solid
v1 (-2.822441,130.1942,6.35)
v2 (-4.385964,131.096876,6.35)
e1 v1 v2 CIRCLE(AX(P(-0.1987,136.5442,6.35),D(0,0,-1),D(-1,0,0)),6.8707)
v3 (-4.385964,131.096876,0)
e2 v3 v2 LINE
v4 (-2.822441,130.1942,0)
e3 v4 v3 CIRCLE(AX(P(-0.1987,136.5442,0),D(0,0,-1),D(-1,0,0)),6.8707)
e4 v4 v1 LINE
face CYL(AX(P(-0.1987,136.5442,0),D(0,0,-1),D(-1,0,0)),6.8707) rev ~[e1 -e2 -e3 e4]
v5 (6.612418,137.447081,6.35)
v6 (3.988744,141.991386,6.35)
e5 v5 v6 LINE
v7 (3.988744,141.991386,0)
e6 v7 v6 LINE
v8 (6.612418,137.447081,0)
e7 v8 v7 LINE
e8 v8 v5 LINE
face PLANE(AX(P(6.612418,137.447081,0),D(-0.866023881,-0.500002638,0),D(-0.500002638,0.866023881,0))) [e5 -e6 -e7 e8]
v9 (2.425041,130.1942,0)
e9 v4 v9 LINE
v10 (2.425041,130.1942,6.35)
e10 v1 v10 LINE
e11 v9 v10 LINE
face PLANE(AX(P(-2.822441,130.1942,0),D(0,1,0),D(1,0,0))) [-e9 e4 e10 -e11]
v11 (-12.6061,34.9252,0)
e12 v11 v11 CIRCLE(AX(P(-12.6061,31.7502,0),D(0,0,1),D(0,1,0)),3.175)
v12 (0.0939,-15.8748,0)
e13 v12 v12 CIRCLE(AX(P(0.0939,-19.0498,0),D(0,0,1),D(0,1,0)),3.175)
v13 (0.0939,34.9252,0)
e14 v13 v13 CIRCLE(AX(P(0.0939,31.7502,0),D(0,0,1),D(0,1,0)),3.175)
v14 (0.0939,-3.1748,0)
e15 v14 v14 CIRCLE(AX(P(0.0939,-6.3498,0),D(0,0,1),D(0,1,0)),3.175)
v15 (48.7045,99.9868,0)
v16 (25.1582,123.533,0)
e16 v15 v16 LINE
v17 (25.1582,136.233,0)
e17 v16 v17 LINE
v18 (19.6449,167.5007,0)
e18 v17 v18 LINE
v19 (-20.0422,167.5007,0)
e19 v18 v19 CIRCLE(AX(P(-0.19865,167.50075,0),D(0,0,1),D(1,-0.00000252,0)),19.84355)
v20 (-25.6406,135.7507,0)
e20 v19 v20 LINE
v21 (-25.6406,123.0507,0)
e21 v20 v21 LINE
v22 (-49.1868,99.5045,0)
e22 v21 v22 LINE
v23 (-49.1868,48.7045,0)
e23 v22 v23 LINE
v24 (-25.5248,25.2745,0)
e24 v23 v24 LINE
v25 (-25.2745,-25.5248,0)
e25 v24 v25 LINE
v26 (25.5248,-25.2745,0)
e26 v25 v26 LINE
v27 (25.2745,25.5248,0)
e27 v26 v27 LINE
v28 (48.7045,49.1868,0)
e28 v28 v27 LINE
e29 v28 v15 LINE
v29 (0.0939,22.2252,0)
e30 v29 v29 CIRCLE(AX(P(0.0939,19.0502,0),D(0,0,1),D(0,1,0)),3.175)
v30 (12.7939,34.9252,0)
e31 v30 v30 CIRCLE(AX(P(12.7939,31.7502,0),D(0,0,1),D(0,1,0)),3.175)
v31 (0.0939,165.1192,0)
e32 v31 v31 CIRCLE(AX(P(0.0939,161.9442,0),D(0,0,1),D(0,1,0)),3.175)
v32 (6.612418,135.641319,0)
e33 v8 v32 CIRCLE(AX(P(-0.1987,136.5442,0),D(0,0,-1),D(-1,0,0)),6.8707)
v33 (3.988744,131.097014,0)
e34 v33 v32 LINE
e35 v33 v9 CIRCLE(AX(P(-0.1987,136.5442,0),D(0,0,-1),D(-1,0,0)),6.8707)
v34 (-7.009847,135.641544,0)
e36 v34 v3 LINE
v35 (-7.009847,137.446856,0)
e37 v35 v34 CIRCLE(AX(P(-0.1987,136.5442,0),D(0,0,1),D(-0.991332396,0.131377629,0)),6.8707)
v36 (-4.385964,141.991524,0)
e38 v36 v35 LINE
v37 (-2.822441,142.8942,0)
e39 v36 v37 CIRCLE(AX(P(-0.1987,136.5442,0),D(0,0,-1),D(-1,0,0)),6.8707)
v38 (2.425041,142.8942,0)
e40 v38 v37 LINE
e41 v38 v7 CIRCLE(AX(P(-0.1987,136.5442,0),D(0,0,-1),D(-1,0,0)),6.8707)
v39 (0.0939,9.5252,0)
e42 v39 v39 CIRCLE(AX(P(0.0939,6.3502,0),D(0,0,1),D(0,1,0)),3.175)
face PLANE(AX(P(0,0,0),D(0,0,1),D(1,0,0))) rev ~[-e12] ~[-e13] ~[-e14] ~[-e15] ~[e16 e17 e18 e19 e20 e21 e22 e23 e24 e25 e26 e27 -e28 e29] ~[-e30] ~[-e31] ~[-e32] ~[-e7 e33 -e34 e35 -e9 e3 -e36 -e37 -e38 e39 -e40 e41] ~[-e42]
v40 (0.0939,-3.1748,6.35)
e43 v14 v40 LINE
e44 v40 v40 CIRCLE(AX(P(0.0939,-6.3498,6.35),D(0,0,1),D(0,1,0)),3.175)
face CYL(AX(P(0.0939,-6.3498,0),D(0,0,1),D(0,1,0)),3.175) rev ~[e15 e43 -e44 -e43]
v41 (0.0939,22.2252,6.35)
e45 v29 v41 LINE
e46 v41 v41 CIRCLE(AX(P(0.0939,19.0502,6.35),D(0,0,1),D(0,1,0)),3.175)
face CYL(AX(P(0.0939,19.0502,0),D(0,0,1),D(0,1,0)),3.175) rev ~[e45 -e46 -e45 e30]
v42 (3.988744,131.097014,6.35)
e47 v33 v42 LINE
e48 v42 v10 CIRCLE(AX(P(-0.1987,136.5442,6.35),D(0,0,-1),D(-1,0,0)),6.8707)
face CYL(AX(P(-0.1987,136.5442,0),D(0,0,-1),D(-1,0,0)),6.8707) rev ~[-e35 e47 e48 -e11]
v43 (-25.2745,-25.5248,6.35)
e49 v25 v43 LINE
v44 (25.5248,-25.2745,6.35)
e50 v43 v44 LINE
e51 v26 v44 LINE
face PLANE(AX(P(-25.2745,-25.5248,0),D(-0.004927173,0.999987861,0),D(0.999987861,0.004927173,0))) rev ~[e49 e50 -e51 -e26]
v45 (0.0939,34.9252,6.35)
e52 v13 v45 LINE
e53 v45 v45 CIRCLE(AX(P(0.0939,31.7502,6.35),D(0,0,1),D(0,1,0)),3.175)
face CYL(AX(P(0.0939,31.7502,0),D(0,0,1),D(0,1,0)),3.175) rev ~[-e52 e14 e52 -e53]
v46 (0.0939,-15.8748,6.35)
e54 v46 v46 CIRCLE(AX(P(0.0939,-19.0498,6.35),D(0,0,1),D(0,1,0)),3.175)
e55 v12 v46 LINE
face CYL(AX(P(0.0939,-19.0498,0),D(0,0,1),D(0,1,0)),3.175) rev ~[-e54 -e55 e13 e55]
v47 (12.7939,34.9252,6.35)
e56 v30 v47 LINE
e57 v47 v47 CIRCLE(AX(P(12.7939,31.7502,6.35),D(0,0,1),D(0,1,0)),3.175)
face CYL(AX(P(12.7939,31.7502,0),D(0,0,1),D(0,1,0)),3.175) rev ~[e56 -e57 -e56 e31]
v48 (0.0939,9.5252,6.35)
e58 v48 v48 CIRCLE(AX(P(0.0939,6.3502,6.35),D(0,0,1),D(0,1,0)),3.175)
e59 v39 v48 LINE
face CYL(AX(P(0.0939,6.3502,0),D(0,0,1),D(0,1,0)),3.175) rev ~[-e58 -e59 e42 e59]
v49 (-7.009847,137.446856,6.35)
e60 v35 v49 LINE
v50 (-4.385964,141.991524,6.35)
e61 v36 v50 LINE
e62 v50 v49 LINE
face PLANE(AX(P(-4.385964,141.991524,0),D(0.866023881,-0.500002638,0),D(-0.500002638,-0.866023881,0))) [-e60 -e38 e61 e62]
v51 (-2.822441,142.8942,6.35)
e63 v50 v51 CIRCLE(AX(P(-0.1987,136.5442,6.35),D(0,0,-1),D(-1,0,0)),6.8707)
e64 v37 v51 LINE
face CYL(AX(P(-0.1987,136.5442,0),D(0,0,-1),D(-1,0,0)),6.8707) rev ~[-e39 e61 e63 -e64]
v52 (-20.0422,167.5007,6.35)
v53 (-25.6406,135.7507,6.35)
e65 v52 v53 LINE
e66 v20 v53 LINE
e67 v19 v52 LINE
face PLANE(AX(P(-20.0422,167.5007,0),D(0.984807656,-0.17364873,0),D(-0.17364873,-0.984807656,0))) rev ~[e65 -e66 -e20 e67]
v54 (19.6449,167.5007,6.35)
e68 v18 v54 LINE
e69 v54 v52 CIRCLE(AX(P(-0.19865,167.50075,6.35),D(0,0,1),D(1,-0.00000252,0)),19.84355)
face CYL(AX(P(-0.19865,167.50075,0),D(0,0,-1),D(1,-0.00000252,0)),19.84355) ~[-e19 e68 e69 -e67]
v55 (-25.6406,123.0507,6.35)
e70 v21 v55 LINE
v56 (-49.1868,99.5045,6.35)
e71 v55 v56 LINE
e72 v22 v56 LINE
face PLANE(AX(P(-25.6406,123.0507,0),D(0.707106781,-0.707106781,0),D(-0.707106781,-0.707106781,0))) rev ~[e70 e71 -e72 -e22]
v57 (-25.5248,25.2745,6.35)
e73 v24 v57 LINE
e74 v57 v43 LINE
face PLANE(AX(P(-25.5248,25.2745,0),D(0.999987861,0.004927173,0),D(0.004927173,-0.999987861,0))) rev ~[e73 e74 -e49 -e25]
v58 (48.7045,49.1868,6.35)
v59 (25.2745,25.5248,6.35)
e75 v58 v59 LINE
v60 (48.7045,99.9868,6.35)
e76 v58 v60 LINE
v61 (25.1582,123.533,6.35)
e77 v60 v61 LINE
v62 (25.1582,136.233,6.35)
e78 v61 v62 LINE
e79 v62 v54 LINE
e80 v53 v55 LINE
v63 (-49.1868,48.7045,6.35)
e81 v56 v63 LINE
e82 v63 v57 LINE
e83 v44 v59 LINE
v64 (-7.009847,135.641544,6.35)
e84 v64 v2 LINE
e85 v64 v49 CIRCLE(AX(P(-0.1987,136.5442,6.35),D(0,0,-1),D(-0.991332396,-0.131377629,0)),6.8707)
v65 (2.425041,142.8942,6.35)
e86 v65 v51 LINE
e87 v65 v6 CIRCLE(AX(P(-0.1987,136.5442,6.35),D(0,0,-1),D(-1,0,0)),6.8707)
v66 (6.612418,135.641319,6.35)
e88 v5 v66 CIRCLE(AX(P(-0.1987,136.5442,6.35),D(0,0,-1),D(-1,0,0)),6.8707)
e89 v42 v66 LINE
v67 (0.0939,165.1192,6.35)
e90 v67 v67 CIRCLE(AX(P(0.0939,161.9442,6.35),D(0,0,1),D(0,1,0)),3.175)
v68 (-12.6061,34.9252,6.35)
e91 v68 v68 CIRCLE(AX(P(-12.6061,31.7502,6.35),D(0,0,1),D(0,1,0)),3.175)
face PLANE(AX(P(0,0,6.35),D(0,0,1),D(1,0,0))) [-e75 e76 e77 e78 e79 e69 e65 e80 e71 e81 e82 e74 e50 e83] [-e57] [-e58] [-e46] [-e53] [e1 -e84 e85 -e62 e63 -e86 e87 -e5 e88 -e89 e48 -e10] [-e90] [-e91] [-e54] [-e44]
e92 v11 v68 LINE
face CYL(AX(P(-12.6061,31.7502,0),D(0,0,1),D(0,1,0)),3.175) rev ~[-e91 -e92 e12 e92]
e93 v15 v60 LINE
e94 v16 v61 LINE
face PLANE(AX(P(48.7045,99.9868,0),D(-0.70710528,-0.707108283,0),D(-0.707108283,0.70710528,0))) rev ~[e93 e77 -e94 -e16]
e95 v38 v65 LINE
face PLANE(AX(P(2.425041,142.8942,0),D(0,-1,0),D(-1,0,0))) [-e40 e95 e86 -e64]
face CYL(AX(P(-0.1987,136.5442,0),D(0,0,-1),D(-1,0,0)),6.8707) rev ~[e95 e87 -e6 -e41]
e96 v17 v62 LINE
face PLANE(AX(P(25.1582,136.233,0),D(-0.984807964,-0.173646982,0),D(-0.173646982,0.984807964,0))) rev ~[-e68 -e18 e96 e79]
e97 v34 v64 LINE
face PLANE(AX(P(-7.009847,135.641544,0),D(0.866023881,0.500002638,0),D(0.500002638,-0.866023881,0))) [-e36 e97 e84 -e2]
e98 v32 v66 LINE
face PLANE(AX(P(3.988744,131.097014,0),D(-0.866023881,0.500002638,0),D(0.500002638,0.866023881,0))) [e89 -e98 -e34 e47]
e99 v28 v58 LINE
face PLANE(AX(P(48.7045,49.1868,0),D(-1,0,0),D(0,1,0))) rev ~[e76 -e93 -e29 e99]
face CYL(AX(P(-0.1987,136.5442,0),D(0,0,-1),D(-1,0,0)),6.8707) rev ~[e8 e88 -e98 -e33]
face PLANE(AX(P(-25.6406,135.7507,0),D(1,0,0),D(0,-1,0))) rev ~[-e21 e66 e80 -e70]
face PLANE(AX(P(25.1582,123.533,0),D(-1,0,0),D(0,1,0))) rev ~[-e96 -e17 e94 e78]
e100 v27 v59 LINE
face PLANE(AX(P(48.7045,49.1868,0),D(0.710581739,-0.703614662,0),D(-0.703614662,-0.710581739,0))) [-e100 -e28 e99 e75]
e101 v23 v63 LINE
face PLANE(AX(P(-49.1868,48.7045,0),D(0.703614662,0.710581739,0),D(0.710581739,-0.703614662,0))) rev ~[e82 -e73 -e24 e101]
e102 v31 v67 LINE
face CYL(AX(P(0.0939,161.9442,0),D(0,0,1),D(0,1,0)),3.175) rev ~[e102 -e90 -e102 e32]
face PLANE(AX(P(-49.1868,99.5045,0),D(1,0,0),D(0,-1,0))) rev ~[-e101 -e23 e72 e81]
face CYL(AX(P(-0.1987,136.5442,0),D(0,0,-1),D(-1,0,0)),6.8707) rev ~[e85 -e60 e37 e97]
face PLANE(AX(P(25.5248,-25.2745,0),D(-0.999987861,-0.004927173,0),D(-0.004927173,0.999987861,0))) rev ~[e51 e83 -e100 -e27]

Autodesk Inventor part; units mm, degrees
ref_plane "YZ Plane" through (0, 0, 0) normal (1, 0, 0) x (0, 1, 0)
ref_plane "XZ Plane" through (0, 0, 0) normal (0, 1, 0) x (-1, 0, 0)
ref_plane "XY Plane" through (0, 0, 0) normal (0, 0, 1) x (1, 0, 0)
sketch "Sketch1" plane through (0, 0, 0) normal (0, 0, 1) x (1, 0, 0)
  line L0 (-25.5248, 25.2745) -> (-25.2745, -25.5248) construction
  line L1 (-25.2745, -25.5248) -> (25.5248, -25.2745) construction
  line L2 (25.5248, -25.2745) -> (25.2745, 25.5248) construction
  line L3 (25.2745, 25.5248) -> (-25.2745, -25.5248) construction
  line L4 (-25.5248, 25.2745) -> (25.5248, -25.2745) construction
  line L5 (25.2745, 25.5248) -> (48.7045, 49.1868) construction
  line L6 (-25.5248, 25.2745) -> (-49.1868, 48.7045) construction
  line L7 (48.7045, 49.1868) -> (48.7045, 99.9868) construction
  line L8 (-49.1868, 48.7045) -> (-49.1868, 99.5045) construction
  line L9 (-49.1868, 99.5045) -> (-25.6406, 123.0507) construction
  line L10 (48.7045, 99.9868) -> (25.1582, 123.533) construction
  line L11 (-25.6406, 123.0507) -> (-25.6406, 135.7507) construction
  line L12 (25.1582, 123.533) -> (25.1582, 136.233) construction
  line L13 (25.1582, 136.233) -> (19.6449, 167.5007) construction
  line L14 (-25.6406, 135.7507) -> (-20.0422, 167.5007) construction
  line L15 (-20.0422, 167.5007) -> (19.6449, 167.5007) construction
  arc A0 (19.6449, 167.5007) -> (-20.0422, 167.5007) centre (-0.1987, 167.5007) ccw construction
  line L16 (-25.2745, -25.5248) -> (25.5248, -25.2745)
  line L17 (25.5248, -25.2745) -> (25.2745, 25.5248)
  line L18 (48.7045, 49.1868) -> (25.2745, 25.5248)
  line L19 (48.7045, 49.1868) -> (48.7045, 99.9868)
  line L20 (48.7045, 99.9868) -> (25.1582, 123.533)
  line L21 (25.1582, 123.533) -> (25.1582, 136.233)
  line L22 (25.1582, 136.233) -> (19.6449, 167.5007)
  line L23 (-20.0422, 167.5007) -> (-25.6406, 135.7507)
  line L24 (-25.6406, 135.7507) -> (-25.6406, 123.0507)
  line L25 (-25.6406, 123.0507) -> (-49.1868, 99.5045)
  line L26 (-49.1868, 99.5045) -> (-49.1868, 48.7045)
  line L27 (-49.1868, 48.7045) -> (-25.5248, 25.2745)
  line L28 (-25.5248, 25.2745) -> (-25.2745, -25.5248)
  arc A1 (19.6449, 167.5007) -> (-20.0422, 167.5007) centre (-0.1987, 167.5007) ccw
  point P0 (0, 0)
  dimension "d0" = 50.8
  dimension "d1" = 50.8
  dimension "d2" = 33.2994
  dimension "d3" = 33.2994
  dimension "d4" = 135
  dimension "d5" = 135
  dimension "d6" = 50.8
  dimension "d7" = 50.8
  dimension "d8" = 33.2994
  dimension "d9" = 33.2994
  dimension "d10" = 135
  dimension "d11" = 135
  dimension "d12" = 12.7
  dimension "d13" = 12.7
  dimension "d15" = 31.75
  dimension "d16" = 170
  dimension "d17" = 31.75
  dimension "d18" = 170
extrude "Extrusion1" add sketch "Sketch1" along normal blind 6.35
sketch "Sketch2" plane through (0, 0, 0) normal (0, 0, -1) x (-1, 0, 0)
  line L0 (25.2745, -25.5248) -> (-25.5248, -25.2745) projected
  line L1 (-25.5248, -25.2745) -> (-25.2745, 25.5248) projected
  arc A0 (20.0422, 167.5007) -> (-19.6449, 167.5007) centre (0.1987, 167.5007) ccw projected
  line L2 (3.8648, 142.8942) -> (7.531, 136.5442)
  line L3 (7.531, 136.5442) -> (3.8648, 130.1942)
  line L4 (3.8648, 130.1942) -> (-3.4675, 130.1942)
  line L5 (-3.4675, 130.1942) -> (-7.1337, 136.5442)
  line L6 (-7.1337, 136.5442) -> (-3.4675, 142.8942)
  line L7 (-3.4675, 142.8942) -> (3.8648, 142.8942)
  circle A1 centre (0.1987, 136.5442) radius 6.8707
  point P0 (0, 0)
  point P1 (-0.0939, -19.0498)
  point P2 (-0.0939, -6.3498)
  point P3 (-0.0939, 6.3502)
  point P4 (-0.0939, 19.0502)
  point P5 (-0.0939, 31.7502)
  point P6 (12.6061, 31.7502)
  point P7 (-12.7939, 31.7502)
  point P8 (-0.0939, 161.9442)
  point P9 (0.1987, 187.3442)
  point P10 (0.1987, 187.3442)
  point P11 (2.8224, 130.1942)
  point P12 (4.386, 131.097)
  point P13 (7.0098, 135.6415)
  point P14 (7.0098, 137.447)
  point P15 (4.386, 141.9915)
  point P16 (2.8224, 142.8942)
  point P17 (-2.4251, 142.8942)
  point P18 (-3.9887, 141.9915)
  point P19 (-6.6125, 137.447)
  point P20 (-6.6125, 135.6415)
  point P21 (-3.9887, 131.097)
  point P22 (-2.4251, 130.1942)
  dimension "d21" = 6.35
  dimension "d22" = 25.4
  dimension "d23" = 12.7
  dimension "d24" = 12.7
  dimension "d25" = 12.7
  dimension "d26" = 12.7
  dimension "d27" = 12.7
  dimension "d28" = 12.7
  dimension "d29" = 25.4
  dimension "d31" = 25.4
  dimension "d41" = 13.7414
  dimension "d42" = 12.7
hole "Hole1" at (0.0939, -19.0498, 0) at (0.0939, -6.3498, 0) at (0.0939, 6.3502, 0) at (0.0939, 19.0502, 0) at (0.0939, 31.7502, 0) at (-12.6061, 31.7502, 0) at (12.7939, 31.7502, 0) at (0.0939, 161.9442, 0) direction (0, 0, 1) diameter 6.35 end through all clearance for "Flat Head Machine Screw (82)" size "1/4" standard "Ansi Unified Screw Threads"
extrude "Extrusion2" cut sketch "Sketch2" against normal blind 6.35 contours L2 A1 L3 L4 L5 L6 L7
equation "\"d3\" = d2"
equation "\"d5\" = d4"
equation "\"d7\" = d6"
equation "\"d11\" = d10"
equation "\"d13\" = d12"
equation "\"d17\" = d15"
equation "\"d18\" = d16"
equation "\"d24\" = d23"
equation "\"d25\" = d23"
equation "\"d28\" = d27"
properties part number "CL1-001" material "Aluminum 6061"
